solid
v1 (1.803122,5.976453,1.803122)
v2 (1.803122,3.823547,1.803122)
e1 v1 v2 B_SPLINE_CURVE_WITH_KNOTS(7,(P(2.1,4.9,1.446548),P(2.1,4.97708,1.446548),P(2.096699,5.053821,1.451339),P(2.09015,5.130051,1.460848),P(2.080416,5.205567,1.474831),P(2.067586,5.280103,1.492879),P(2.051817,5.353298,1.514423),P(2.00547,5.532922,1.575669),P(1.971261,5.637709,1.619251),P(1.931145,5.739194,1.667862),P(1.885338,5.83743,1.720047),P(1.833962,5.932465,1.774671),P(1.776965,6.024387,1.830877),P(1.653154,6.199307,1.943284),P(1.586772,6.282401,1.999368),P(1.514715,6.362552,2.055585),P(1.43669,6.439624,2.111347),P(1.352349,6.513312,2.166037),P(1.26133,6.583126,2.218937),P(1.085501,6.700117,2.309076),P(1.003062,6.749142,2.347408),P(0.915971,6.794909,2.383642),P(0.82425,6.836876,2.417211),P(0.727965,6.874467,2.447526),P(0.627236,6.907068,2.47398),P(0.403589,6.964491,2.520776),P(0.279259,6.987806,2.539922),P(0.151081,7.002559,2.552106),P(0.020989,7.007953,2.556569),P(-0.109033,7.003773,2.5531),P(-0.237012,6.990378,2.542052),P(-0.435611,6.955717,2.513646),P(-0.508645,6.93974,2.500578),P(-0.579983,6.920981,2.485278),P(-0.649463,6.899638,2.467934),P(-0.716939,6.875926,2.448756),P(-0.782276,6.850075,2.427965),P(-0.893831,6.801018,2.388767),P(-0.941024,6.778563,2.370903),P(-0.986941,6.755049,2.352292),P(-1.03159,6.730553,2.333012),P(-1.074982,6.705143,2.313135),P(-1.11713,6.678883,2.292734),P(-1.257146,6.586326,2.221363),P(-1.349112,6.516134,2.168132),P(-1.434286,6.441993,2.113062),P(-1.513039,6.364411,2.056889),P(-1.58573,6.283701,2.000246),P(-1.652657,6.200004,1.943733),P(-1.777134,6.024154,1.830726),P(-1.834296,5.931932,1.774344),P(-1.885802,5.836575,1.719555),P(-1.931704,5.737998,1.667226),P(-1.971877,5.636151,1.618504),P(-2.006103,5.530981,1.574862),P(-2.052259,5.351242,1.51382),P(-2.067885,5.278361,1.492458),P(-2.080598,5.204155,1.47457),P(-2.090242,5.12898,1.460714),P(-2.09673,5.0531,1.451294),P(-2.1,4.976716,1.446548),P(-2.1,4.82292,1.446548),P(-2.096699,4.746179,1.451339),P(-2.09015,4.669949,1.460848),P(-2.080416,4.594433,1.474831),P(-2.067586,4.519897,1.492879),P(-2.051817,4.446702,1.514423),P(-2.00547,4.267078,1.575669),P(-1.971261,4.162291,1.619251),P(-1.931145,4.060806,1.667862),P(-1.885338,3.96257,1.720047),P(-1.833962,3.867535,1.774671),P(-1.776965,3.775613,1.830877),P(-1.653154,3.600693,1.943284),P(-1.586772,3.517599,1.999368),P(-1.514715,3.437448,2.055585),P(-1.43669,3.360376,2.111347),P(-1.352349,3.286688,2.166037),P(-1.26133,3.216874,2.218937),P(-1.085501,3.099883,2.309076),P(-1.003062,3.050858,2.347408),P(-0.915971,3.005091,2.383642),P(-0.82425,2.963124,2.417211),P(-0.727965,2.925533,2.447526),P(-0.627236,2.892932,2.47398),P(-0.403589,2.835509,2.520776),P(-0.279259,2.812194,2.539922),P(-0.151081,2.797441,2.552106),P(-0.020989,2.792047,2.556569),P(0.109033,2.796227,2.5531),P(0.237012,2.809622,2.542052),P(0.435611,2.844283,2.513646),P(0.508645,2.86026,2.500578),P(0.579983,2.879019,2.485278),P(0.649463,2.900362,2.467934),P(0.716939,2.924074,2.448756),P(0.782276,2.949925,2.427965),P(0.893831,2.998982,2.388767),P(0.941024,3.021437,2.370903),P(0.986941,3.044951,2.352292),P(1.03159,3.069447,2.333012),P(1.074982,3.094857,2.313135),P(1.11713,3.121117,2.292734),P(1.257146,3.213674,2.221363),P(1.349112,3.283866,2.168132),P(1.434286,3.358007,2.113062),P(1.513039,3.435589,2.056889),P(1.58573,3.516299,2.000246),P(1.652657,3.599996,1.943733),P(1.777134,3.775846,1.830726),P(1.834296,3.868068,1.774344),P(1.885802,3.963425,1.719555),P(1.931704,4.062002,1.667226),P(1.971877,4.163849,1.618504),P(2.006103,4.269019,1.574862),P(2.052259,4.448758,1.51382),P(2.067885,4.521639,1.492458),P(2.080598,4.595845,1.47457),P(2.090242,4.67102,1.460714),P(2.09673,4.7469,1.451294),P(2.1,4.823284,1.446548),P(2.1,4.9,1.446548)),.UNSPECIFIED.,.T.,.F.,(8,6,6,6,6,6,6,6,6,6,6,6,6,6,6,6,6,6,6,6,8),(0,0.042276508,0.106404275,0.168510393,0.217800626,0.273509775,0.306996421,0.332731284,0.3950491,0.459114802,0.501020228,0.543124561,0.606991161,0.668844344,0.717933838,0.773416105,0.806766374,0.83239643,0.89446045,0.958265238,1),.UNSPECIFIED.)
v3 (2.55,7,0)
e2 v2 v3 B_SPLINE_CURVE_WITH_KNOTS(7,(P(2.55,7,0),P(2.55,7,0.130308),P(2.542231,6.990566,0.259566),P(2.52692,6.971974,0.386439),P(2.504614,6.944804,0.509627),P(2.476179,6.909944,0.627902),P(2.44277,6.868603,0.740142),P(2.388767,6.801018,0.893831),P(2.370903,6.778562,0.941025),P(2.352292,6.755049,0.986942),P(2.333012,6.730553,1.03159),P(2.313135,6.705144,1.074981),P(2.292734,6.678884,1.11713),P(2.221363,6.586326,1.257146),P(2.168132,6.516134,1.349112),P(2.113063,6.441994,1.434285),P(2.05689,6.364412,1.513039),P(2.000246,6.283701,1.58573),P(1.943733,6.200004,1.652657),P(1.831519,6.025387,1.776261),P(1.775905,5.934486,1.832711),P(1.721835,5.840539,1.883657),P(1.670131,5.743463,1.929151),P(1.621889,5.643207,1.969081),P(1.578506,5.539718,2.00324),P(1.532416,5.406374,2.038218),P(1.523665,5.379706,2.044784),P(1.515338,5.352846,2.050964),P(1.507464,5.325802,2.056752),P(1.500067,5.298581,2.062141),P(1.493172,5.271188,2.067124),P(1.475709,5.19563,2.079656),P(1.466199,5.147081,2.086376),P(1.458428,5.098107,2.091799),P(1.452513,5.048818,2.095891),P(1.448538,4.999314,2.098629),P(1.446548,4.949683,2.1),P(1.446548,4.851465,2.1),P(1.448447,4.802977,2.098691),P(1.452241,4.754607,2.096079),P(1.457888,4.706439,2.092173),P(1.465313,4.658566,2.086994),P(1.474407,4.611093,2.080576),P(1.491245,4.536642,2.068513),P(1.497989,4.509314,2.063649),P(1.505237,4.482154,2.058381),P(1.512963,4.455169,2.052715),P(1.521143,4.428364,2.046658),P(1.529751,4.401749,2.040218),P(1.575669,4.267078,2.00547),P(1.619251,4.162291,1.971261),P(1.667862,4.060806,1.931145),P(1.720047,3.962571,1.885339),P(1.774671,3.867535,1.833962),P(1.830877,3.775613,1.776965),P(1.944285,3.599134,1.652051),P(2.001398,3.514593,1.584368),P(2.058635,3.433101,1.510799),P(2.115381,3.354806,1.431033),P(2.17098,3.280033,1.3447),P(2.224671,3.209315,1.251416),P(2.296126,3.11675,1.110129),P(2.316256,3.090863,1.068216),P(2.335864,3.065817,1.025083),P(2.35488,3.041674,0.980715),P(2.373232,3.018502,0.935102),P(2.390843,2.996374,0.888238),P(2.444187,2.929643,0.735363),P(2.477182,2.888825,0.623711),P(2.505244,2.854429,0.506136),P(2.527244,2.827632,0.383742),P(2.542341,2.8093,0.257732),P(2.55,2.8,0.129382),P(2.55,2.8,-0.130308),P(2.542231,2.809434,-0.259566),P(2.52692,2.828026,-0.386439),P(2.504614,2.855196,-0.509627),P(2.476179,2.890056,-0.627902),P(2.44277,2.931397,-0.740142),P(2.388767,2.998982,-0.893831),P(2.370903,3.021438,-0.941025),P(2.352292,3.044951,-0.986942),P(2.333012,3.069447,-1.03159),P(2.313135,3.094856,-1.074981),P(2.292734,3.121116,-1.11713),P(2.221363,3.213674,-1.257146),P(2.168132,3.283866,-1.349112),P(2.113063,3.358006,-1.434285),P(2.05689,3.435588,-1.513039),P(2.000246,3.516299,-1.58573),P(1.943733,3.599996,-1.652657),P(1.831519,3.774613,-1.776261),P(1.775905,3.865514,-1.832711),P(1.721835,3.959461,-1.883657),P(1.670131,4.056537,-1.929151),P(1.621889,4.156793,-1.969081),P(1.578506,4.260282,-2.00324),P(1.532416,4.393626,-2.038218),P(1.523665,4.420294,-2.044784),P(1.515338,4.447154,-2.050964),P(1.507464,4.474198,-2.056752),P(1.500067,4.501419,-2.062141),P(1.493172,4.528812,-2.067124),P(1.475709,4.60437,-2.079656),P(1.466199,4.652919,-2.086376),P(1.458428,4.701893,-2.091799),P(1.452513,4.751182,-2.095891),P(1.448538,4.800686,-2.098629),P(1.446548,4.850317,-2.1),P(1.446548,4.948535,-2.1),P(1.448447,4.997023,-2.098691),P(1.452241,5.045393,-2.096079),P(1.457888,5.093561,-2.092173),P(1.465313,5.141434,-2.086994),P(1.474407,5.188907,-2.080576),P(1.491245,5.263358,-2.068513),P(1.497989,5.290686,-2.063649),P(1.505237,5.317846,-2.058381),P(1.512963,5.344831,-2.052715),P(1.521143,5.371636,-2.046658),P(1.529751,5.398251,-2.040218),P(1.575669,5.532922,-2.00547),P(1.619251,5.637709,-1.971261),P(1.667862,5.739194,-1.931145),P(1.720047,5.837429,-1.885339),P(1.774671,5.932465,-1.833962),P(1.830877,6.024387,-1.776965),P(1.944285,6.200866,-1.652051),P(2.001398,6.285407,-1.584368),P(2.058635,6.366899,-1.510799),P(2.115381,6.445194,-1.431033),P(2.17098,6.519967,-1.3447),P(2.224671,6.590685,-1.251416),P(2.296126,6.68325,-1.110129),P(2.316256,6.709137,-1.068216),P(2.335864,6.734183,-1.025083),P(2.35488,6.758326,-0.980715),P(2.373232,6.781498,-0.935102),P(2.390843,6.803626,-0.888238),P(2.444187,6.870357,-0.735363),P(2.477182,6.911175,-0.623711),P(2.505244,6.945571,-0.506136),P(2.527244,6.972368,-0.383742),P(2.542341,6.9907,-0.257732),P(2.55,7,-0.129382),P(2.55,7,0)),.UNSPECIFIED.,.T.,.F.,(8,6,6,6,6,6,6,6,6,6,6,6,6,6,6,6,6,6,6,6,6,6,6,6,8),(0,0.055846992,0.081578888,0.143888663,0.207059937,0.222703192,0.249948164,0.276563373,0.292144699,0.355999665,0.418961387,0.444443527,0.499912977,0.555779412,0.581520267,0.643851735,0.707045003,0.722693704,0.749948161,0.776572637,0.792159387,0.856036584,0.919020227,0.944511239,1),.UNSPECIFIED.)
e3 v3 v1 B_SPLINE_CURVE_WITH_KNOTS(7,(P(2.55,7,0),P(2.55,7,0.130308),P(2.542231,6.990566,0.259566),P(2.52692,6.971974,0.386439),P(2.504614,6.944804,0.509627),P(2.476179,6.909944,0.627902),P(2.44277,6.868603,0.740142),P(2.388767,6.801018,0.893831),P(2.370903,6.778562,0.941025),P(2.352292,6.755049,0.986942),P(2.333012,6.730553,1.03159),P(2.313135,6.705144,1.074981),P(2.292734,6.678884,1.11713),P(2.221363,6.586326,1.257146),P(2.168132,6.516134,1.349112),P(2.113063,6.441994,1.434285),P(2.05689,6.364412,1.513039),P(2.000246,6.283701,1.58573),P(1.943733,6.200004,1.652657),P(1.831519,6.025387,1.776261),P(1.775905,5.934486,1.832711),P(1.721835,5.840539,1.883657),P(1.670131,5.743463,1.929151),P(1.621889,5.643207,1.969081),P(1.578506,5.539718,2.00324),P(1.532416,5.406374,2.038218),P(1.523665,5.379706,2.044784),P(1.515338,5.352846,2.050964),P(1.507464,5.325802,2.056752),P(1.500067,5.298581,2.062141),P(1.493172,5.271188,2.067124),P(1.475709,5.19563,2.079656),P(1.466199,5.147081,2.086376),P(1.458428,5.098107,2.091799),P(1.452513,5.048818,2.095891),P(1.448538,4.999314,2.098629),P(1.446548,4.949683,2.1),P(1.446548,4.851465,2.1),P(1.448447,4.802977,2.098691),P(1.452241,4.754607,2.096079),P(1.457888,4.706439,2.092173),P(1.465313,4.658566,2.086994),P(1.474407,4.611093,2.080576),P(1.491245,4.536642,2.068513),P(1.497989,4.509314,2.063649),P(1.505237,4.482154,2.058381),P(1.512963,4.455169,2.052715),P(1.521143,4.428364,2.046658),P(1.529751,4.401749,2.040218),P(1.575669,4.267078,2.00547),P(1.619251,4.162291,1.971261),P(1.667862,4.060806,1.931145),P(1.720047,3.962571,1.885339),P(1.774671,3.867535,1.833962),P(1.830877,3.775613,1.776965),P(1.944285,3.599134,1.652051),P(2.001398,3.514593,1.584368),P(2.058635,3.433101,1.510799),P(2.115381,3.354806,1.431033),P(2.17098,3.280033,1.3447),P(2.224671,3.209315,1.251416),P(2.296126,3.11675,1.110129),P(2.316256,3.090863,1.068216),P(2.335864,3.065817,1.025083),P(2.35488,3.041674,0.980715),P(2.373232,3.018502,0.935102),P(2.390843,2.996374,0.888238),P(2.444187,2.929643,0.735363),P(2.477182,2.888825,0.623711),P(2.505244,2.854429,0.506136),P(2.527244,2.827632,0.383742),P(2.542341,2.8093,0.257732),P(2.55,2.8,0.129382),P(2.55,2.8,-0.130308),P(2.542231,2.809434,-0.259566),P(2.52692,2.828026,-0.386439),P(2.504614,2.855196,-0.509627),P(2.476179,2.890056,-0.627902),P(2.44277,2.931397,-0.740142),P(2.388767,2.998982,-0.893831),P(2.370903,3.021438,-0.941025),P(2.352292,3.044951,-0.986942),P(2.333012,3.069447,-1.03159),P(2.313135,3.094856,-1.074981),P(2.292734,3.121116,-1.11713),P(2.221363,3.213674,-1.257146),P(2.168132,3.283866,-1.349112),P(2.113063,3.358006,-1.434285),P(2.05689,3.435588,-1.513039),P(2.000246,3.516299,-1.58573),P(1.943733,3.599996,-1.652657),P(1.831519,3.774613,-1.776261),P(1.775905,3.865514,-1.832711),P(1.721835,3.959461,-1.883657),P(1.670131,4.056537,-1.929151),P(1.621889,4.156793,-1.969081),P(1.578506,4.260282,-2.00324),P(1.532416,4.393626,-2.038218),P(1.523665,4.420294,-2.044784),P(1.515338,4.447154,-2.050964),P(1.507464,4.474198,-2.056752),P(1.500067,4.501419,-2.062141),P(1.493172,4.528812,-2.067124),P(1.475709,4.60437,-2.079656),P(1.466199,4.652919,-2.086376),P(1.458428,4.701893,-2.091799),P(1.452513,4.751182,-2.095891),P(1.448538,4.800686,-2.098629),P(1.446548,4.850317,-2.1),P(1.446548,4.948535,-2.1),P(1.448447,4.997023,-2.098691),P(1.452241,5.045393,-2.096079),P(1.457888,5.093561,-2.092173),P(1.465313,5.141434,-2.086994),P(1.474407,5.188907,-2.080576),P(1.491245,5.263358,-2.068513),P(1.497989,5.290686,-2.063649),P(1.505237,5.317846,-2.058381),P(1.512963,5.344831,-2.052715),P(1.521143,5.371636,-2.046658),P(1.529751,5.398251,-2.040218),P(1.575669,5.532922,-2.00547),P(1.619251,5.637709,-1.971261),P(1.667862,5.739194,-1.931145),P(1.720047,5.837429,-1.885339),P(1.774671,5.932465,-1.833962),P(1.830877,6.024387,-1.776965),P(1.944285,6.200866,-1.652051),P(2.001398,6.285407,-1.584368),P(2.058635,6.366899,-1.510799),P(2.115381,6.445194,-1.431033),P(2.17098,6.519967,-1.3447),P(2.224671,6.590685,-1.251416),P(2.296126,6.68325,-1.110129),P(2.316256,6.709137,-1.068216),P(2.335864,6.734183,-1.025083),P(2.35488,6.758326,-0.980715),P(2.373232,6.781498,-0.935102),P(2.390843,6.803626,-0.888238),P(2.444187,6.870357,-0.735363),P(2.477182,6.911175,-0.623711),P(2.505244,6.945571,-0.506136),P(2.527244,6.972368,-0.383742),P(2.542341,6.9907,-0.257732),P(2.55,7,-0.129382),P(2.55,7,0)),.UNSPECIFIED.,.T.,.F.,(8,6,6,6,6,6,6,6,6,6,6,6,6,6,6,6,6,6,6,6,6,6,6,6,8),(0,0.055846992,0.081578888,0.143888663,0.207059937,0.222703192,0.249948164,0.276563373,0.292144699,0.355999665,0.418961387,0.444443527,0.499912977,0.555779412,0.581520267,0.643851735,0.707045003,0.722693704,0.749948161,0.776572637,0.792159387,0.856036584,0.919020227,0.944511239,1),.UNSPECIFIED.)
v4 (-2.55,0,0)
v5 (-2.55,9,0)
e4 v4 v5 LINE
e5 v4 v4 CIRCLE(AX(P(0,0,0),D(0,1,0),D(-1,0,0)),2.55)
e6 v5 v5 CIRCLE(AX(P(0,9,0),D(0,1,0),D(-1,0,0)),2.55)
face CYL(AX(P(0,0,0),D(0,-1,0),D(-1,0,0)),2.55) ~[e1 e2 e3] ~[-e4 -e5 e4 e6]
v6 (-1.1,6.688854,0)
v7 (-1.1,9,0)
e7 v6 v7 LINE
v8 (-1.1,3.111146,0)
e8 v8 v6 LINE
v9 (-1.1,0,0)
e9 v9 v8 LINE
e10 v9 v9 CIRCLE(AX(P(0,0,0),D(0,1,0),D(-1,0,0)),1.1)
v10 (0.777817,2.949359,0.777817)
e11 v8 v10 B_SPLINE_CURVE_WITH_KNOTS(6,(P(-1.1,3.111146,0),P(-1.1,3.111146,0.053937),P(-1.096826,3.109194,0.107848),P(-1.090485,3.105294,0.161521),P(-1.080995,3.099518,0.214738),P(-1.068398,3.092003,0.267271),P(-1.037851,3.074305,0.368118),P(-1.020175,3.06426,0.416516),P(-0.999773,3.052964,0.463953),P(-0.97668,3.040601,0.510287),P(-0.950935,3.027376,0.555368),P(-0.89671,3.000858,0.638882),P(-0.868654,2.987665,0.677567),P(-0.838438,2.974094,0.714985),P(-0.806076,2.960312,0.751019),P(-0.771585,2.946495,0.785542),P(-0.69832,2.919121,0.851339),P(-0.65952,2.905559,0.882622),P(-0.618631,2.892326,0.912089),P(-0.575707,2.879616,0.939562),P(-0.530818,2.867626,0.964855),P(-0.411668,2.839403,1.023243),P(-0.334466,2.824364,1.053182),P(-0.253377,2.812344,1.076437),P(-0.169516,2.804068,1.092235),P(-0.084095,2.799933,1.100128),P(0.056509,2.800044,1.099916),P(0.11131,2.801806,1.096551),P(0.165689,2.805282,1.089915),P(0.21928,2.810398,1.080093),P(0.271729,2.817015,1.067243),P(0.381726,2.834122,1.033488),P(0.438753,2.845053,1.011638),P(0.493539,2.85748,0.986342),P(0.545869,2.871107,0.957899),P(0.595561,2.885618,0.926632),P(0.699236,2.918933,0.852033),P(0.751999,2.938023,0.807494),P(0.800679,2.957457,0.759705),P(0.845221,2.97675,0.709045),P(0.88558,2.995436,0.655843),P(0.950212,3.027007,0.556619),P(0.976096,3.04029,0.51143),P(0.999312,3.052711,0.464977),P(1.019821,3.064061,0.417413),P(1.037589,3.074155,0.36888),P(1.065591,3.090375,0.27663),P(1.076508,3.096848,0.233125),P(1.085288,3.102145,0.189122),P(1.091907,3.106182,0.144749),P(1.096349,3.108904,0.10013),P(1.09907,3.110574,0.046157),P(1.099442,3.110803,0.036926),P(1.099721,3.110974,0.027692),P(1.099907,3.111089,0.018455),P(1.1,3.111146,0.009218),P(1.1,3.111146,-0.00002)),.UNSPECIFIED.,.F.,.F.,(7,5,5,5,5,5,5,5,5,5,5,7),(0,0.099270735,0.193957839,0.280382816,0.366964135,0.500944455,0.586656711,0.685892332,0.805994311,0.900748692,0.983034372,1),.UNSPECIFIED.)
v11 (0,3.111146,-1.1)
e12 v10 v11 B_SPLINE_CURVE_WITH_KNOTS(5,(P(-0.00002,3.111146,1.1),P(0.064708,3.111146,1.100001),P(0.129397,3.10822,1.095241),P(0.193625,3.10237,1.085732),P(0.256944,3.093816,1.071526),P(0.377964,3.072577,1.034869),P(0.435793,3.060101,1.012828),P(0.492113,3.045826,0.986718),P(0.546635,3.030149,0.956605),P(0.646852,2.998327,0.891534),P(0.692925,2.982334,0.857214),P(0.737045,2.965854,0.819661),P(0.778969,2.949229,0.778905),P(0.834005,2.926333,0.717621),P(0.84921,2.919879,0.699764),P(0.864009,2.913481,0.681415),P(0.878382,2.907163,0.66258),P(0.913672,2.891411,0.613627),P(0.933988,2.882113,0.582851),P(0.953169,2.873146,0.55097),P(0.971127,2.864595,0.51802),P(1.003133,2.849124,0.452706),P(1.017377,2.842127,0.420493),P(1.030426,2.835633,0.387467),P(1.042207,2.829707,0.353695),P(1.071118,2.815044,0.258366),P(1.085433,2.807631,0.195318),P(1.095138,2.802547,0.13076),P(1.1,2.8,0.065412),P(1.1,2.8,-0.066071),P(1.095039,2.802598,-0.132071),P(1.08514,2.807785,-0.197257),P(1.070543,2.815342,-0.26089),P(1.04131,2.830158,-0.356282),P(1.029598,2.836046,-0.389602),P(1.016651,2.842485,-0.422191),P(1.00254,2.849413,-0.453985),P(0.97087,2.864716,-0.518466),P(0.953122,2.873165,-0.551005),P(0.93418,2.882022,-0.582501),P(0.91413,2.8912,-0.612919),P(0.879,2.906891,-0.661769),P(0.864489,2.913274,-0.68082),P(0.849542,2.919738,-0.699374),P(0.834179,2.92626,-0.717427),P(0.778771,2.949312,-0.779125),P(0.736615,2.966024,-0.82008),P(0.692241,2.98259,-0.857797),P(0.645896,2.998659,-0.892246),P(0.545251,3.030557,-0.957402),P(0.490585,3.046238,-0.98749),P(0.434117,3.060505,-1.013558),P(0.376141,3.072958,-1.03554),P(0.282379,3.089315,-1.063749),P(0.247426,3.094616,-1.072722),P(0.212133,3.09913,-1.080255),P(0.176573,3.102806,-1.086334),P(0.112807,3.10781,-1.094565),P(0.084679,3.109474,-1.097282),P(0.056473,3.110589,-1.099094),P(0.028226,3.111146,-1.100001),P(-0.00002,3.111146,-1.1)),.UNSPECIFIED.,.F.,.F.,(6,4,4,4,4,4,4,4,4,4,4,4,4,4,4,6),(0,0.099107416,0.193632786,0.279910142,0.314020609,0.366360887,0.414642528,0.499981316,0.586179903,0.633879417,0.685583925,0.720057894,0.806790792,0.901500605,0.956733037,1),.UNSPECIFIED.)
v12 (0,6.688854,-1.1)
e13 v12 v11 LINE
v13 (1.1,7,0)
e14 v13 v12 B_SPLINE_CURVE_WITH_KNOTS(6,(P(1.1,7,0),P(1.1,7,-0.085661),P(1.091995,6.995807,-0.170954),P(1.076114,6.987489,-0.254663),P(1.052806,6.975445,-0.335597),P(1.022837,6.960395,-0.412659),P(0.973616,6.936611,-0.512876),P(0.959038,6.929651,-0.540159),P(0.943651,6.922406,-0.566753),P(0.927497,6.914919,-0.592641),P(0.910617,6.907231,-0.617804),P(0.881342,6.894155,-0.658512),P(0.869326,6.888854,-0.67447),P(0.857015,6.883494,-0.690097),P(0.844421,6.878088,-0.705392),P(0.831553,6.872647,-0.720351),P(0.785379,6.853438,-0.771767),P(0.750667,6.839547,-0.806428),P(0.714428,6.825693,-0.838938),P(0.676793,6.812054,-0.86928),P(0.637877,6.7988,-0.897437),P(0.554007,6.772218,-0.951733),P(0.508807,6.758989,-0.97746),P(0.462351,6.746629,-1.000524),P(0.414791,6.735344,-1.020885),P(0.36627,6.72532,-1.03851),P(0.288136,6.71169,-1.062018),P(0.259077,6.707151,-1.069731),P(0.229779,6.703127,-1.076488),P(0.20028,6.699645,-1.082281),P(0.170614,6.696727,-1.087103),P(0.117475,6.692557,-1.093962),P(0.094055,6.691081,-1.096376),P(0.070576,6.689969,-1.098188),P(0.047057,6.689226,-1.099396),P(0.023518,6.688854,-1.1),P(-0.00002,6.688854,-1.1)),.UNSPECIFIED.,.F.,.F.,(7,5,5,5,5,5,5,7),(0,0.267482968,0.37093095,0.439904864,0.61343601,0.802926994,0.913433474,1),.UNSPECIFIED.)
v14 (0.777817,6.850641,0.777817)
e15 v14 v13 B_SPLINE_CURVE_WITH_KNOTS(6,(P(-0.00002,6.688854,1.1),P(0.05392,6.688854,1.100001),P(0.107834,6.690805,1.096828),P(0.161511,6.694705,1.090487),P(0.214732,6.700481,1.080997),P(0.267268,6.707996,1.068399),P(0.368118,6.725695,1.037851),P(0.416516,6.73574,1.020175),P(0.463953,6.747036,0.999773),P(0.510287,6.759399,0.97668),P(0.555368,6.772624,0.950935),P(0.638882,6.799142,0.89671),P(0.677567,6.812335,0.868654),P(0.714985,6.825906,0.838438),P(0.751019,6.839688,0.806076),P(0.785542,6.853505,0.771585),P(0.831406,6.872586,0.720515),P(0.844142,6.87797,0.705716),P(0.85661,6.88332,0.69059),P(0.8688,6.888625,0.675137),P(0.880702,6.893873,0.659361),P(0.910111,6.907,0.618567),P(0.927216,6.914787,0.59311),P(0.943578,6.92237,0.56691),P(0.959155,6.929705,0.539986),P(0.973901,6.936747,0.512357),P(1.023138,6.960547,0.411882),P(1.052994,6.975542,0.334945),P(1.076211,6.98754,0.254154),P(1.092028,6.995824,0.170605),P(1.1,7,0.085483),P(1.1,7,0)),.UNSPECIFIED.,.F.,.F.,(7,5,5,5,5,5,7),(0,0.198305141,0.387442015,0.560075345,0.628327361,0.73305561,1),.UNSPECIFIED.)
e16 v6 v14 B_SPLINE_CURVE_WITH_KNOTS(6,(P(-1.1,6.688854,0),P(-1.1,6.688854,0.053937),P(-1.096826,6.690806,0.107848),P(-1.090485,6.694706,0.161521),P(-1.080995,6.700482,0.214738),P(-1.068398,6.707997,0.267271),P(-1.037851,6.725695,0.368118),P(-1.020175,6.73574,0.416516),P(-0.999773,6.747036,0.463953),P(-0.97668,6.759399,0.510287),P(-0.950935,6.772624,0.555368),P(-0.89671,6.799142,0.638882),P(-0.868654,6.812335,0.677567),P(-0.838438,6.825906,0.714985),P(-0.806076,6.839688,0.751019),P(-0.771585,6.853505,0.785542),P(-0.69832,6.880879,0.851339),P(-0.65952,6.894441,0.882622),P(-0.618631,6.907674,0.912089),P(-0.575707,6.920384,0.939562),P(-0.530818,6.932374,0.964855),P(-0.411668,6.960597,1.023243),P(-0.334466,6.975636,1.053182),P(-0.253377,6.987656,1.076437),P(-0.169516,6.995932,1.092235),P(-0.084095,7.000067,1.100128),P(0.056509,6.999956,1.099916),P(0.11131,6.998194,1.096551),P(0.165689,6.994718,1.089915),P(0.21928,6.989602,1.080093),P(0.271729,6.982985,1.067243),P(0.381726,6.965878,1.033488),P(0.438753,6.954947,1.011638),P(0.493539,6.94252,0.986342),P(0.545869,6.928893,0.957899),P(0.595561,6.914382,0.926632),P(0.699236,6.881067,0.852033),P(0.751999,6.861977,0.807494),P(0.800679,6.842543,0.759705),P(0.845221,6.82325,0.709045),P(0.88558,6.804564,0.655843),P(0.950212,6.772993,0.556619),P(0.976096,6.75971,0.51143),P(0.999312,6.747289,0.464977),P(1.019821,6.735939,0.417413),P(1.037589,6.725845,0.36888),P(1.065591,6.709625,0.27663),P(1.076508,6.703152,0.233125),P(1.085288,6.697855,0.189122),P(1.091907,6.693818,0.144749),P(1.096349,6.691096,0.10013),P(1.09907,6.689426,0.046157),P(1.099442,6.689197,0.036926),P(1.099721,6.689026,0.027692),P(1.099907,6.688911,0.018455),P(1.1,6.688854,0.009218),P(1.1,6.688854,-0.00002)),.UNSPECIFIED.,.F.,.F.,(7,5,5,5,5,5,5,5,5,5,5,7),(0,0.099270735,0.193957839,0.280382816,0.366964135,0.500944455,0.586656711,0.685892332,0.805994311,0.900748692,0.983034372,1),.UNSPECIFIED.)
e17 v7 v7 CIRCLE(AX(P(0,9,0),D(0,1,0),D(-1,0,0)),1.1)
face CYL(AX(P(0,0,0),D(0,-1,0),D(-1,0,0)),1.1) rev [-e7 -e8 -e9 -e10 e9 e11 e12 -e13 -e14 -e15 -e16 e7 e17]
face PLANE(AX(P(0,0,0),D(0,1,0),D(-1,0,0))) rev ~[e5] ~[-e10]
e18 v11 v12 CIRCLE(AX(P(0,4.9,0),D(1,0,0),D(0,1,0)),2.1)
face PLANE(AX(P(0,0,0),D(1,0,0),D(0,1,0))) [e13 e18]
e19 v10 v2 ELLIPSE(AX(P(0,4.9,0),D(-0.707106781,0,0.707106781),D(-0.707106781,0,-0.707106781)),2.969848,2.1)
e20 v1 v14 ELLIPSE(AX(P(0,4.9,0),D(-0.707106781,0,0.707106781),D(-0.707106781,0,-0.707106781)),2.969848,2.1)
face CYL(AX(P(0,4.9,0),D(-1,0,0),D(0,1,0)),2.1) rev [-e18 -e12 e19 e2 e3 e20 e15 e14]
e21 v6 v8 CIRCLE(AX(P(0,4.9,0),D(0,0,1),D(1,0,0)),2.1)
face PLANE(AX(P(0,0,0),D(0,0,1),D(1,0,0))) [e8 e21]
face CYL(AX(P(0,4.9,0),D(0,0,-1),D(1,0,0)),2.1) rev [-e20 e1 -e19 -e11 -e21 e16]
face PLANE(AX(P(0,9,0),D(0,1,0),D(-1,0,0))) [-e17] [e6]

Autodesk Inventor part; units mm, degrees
ref_plane "YZ Plane" through (0, 0, 0) normal (1, 0, 0) x (0, 1, 0)
ref_plane "XZ Plane" through (0, 0, 0) normal (0, 1, 0) x (-1, 0, 0)
ref_plane "XY Plane" through (0, 0, 0) normal (0, 0, 1) x (1, 0, 0)
sketch "Sketch1" plane through (0, 0, 0) normal (0, 1, 0) x (-1, 0, 0)
  circle A0 centre (0, 0) radius 1.1
  circle A1 centre (0, 0) radius 2.55
  dimension "d0" = 2.2
  dimension "d1" = 5.1
extrude "Extrusion1" add sketch "Sketch1" along normal blind 9
sketch "Sketch2" plane through (0, 0, 0) normal (0, 0, 1) x (1, 0, 0)
  line L0 (2.55, 9) -> (-2.55, 9) projected
  line L1 (2.55, 0) -> (-2.55, 0) projected
  line L2 (-2.55, 0) -> (-2.55, 9) projected
  line L3 (-2.55, 7) -> (2.5173, 7)
  line L4 (2.55, 9) -> (-2.55, 9) projected
  line L5 (0, 9) -> (0, 0)
  circle A0 centre (0, 4.9) radius 2.1
  dimension "d4" = 2
  dimension "d5" = 4.2
extrude "Extrusion2" cut sketch "Sketch2" along normal blind 12 contours A0 L5 | L5 A0
sketch "Sketch3" plane through (0, 0, 0) normal (1, 0, 0) x (0, 1, 0)
  line L0 (9, -2.55) -> (9, 2.55) projected
  line L1 (0, -2.55) -> (0, 2.55) projected
  line L2 (0, 2.55) -> (9, 2.55) projected
  line L3 (7, 2.55) -> (7, -2.525)
  line L4 (9, 1.1) -> (9, -1.1) projected
  line L5 (9, 0) -> (0, 0)
  circle A0 centre (4.9, 0) radius 2.1
  point P0 (4.9, 1.4465)
  dimension "d8" = 2
  dimension "d9" = 4.2
extrude "Extrusion3" cut sketch "Sketch3" along normal up to next contours A0 L5 | L5 A0
properties part number "motor_shaft_adapter" material "ABS Plastic"
